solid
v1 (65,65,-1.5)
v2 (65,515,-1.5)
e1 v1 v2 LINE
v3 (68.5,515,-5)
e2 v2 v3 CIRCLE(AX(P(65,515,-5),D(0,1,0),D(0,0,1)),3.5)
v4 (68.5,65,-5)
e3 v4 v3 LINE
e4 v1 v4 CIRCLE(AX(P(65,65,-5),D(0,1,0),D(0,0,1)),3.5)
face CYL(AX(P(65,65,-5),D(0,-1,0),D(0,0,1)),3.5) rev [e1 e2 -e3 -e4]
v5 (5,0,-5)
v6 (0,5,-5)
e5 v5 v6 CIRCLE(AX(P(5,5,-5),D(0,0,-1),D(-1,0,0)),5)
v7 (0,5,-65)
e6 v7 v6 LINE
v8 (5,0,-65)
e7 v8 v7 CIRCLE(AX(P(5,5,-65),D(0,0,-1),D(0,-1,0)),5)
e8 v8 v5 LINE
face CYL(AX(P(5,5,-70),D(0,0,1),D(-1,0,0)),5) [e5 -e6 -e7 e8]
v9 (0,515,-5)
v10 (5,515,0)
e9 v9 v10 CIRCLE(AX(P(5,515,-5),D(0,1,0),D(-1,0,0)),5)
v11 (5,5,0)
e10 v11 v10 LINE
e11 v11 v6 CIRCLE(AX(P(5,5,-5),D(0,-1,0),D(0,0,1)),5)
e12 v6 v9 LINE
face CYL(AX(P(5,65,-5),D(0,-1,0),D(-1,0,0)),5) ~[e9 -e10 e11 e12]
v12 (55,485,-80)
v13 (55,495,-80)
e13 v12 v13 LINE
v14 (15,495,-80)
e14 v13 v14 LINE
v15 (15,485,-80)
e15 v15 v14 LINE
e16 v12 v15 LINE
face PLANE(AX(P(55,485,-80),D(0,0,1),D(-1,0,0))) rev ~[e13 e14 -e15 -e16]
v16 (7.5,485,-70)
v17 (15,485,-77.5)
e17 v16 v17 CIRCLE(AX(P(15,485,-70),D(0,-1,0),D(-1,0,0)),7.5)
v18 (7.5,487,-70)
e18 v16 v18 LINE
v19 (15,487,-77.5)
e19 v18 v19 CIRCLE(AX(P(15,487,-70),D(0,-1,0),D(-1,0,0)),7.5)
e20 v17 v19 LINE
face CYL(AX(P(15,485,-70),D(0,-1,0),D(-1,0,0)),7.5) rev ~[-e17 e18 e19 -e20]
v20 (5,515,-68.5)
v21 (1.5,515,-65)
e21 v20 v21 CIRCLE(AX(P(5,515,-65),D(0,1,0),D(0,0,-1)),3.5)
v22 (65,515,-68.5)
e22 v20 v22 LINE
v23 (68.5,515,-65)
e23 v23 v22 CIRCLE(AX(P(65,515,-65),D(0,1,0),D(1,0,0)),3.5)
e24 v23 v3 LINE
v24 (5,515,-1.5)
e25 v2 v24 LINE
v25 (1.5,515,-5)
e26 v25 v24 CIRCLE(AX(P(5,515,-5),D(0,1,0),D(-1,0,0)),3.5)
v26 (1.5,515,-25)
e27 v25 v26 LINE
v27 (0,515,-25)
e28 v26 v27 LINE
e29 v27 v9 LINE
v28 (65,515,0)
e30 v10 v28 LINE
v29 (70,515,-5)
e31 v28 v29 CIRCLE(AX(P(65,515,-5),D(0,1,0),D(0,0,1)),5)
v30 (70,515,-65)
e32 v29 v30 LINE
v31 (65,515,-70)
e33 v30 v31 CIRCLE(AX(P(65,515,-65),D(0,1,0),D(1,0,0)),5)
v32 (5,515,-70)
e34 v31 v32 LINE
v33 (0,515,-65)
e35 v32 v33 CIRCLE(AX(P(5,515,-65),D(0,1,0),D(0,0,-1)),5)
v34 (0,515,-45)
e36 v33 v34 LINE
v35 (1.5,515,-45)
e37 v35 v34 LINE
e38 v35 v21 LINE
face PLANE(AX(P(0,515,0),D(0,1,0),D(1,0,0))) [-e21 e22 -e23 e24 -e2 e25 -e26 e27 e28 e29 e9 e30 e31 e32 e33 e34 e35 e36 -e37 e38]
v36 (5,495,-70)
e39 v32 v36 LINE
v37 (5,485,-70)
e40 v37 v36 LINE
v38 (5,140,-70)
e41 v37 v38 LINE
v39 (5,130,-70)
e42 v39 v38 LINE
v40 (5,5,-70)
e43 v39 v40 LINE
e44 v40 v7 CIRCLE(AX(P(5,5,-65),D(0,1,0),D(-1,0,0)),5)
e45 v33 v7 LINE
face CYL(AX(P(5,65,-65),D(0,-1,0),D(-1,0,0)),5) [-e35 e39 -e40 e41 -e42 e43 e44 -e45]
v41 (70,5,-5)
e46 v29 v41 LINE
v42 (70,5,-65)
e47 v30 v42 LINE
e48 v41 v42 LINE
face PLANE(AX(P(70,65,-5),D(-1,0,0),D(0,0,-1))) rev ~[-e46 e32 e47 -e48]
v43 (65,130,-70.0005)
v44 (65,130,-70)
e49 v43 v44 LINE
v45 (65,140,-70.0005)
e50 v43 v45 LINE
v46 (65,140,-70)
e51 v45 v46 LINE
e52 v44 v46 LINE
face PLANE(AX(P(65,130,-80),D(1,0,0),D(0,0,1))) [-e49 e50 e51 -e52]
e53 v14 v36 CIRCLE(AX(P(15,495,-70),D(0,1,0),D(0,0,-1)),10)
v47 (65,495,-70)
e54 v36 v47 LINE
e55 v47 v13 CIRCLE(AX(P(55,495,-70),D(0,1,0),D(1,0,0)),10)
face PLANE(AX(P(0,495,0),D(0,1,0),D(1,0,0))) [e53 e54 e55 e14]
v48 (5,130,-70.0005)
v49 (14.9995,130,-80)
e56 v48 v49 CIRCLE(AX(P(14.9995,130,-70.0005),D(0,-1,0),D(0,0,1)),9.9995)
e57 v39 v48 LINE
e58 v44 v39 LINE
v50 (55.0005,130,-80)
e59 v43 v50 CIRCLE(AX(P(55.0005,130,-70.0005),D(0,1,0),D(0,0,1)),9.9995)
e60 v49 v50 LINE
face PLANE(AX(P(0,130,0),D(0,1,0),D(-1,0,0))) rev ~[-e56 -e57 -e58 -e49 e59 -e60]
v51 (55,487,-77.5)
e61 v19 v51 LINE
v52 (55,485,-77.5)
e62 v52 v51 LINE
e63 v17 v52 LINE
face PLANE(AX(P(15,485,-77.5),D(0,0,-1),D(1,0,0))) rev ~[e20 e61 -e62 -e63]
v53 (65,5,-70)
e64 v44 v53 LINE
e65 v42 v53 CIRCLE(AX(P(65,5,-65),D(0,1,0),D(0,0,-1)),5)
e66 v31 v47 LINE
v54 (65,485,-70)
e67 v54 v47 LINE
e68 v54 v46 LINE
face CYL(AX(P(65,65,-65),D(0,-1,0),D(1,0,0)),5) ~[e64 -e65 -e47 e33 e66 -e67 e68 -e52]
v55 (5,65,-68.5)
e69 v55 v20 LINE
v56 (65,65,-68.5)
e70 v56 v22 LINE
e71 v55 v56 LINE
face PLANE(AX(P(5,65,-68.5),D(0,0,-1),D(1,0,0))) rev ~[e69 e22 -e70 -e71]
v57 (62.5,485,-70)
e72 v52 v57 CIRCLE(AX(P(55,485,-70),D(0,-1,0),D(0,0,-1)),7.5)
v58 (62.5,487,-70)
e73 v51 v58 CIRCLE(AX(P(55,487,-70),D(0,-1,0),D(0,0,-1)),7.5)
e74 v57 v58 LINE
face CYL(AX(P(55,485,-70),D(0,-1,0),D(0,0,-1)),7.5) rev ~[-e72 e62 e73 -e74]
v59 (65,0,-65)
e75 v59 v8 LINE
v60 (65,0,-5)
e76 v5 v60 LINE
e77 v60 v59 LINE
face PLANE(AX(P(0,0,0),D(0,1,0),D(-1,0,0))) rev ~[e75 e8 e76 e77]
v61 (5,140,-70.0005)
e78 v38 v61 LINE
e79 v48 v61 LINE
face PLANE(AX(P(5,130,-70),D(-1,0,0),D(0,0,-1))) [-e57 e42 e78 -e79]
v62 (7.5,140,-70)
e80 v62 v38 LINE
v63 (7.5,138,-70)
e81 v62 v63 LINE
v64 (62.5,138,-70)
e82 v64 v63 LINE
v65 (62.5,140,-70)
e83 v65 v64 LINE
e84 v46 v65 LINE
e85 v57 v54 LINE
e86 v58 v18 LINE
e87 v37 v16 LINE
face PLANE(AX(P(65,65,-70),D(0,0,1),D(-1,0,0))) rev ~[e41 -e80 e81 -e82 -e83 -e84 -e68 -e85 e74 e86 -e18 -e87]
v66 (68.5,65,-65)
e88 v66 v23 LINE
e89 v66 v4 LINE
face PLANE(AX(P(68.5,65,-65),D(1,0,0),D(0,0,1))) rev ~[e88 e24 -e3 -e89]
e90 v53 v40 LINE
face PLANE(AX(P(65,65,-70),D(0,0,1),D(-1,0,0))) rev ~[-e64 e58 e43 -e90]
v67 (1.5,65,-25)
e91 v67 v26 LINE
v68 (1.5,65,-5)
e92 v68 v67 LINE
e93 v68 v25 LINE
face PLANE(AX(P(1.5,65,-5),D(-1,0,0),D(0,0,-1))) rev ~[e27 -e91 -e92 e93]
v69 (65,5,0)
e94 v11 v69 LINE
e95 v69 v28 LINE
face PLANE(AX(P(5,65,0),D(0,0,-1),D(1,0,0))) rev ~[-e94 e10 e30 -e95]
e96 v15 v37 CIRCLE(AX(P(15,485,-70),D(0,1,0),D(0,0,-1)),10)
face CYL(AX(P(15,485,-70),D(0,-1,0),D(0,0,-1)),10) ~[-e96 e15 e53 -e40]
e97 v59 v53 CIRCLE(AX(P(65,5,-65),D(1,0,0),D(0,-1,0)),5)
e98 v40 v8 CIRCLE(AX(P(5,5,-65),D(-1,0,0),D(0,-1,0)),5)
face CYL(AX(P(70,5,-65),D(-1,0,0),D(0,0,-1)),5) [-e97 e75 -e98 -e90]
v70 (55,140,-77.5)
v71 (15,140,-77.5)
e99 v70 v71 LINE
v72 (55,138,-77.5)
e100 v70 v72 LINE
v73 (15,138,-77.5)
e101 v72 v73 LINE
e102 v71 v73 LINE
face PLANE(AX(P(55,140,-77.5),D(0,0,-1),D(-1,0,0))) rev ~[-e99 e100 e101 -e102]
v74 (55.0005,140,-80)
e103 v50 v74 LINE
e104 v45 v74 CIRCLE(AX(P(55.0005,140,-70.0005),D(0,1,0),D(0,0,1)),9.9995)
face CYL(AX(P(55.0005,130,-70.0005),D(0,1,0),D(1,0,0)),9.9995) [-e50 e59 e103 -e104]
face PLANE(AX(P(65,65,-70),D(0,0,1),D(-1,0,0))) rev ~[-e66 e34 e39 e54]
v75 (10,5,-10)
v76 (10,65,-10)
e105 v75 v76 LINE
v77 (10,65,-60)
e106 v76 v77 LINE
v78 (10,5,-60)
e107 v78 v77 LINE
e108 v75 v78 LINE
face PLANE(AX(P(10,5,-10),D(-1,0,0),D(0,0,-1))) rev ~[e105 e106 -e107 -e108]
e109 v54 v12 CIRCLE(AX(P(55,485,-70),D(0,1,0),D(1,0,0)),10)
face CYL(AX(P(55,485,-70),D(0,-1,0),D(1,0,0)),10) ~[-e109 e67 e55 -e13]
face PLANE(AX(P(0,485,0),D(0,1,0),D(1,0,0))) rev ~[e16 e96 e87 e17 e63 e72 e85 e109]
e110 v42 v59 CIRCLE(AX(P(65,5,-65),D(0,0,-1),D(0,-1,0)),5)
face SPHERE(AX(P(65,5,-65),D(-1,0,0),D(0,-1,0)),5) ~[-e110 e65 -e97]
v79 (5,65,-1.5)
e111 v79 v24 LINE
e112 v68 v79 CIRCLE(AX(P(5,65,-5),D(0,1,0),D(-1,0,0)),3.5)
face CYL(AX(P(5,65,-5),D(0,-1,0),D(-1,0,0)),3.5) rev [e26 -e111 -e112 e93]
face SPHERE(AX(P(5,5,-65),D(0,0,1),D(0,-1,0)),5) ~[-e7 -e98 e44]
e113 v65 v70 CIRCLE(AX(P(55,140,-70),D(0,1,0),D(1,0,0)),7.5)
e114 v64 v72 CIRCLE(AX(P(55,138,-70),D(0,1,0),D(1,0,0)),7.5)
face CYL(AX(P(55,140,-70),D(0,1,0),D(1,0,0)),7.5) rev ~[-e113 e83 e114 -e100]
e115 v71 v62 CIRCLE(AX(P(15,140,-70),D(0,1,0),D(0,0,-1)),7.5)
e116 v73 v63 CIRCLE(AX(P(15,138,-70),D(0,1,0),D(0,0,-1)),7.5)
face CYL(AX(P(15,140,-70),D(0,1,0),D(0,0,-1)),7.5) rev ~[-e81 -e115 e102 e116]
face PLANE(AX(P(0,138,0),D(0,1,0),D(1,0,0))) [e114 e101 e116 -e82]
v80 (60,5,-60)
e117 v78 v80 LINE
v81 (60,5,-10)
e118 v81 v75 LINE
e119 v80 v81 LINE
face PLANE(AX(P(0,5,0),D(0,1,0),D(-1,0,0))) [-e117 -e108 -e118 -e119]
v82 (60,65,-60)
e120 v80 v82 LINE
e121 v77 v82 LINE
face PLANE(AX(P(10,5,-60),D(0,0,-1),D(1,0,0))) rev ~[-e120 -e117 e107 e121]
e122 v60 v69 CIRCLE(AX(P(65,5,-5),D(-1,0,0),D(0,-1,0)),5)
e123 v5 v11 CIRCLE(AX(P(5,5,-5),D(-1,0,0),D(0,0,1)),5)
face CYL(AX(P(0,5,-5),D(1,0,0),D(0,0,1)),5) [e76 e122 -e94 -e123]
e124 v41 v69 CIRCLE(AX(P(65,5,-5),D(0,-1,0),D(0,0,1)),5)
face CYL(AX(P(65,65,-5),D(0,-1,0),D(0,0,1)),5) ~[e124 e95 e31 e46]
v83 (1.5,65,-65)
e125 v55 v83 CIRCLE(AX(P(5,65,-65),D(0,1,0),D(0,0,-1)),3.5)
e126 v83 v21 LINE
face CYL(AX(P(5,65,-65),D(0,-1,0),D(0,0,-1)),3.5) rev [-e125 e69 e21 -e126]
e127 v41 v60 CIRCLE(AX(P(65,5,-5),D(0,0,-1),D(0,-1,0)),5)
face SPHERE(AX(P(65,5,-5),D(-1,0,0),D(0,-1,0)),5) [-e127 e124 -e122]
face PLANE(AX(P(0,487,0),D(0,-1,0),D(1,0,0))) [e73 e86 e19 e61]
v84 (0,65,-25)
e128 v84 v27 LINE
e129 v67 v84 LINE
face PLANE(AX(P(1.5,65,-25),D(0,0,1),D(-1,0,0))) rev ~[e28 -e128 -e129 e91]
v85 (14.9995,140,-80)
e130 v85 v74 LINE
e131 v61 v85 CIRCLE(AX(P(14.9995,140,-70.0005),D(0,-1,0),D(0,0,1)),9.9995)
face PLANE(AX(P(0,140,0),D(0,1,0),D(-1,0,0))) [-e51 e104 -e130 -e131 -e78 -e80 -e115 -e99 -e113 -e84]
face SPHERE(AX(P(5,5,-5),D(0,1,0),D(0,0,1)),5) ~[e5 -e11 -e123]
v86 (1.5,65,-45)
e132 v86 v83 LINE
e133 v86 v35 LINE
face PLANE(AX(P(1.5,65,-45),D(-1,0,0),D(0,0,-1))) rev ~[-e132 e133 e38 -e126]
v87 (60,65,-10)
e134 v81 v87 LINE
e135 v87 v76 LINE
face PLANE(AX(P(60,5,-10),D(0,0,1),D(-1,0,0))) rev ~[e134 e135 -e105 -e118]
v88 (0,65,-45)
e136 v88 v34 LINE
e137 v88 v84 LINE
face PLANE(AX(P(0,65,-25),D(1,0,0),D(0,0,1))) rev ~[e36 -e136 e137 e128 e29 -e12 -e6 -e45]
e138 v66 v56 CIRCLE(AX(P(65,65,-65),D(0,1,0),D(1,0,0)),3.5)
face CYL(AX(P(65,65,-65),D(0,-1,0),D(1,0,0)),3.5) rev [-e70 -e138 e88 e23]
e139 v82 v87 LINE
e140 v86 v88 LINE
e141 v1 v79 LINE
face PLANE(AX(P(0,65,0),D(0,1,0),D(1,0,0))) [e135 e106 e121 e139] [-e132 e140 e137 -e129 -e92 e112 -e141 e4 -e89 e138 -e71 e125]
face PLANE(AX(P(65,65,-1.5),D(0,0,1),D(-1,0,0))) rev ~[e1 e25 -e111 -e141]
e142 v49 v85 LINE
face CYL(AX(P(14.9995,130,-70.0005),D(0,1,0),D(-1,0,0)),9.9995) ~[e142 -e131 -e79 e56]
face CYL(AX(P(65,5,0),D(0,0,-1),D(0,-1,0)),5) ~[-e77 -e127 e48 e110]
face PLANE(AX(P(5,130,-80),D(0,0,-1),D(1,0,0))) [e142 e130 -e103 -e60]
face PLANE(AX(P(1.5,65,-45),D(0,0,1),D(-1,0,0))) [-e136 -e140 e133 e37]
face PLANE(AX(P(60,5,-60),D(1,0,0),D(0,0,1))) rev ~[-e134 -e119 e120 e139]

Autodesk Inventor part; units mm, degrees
ref_plane "YZ Plane" through (0, 0, 0) normal (1, 0, 0) x (0, 1, 0)
ref_plane "XY Plane" through (0, 0, 0) normal (0, 0, 1) x (1, 0, 0)
sketch "草图1" plane through (0, 0, 0) normal (0, 1, 0) x (-1, 0, 0)
  line L0 (0, 0) -> (-70, 0)
  line L1 (-70, 0) -> (-70, -70)
  line L2 (-70, -70) -> (0, -70)
  line L3 (0, -70) -> (0, 0)
  dimension "d0" = 70
  dimension "d1" = 70
extrude "拉伸1" add sketch "草图1" along normal blind 5
sketch "草图2" plane through (0, 5, 0) normal (0, 1, 0) x (1, 0, 0)
  line L0 (0, 70) -> (0, 0) projected
  line L1 (70, 70) -> (0, 70) projected
  line L2 (0, 0) -> (70, 0)
  line L3 (70, 0) -> (70, 70)
  line L4 (70, 70) -> (0, 70)
  line L5 (0, 70) -> (0, 0)
  line L6 (60, 60) -> (60, 10)
  line L7 (60, 10) -> (10, 10)
  line L8 (10, 10) -> (10, 60)
  line L9 (10, 60) -> (60, 60)
  dimension "d4" = 10
extrude "拉伸2" add sketch "草图2" along normal blind 60
fillet "圆角1" radius 5 8 edges at (0, 32.5, 0) (35, 0, 0) (0, 0, -35) (35, 0, -70) (70, 0, -35) (70, 32.5, -70) (70, 32.5, 0) (0, 32.5, -70)
sketch "草图3" plane through (0, 65, 0) normal (0, 1, 0) x (1, 0, 0)
  arc A0 (0, 5) -> (5, 0) centre (5, 5) ccw projected
  line L0 (5, 0) -> (65, 0) projected
  arc A1 (65, 0) -> (70, 5) centre (65, 5) ccw projected
  line L1 (70, 5) -> (70, 65) projected
  arc A2 (70, 65) -> (65, 70) centre (65, 65) ccw projected
  line L2 (65, 70) -> (5, 70) projected
  arc A3 (5, 70) -> (0, 65) centre (5, 65) ccw projected
  line L3 (0, 65) -> (0, 5) projected
  line L4 (60, 60) -> (60, 10) projected
  line L5 (60, 10) -> (10, 10) projected
  line L6 (10, 10) -> (10, 60) projected
  line L7 (10, 60) -> (60, 60) projected
  line L8 (68.5, 65) -> (68.5, 5)
  arc A4 (65, 1.5) -> (68.5, 5) centre (65, 5) ccw
  line L9 (65, 1.5) -> (5, 1.5)
  arc A5 (1.5, 5) -> (5, 1.5) centre (5, 5) ccw
  line L10 (1.5, 5) -> (1.5, 65)
  arc A6 (5, 68.5) -> (1.5, 65) centre (5, 65) ccw
  line L11 (5, 68.5) -> (65, 68.5)
  arc A7 (68.5, 65) -> (65, 68.5) centre (65, 65) ccw
  line L12 (1.5, 45) -> (0, 45)
  line L13 (0, 65) -> (0, 5) projected
  line L14 (1.5, 25) -> (0, 25)
  point P0 (0, 0)
  dimension "d8" = 1.5
  dimension "d9" = 25
  dimension "d10" = 25
extrude "拉伸3" add sketch "草图3" along normal blind 450 contours L3 L14 L10 A5 L9 A4 L8 A7 L11 A6 L12 A3 L2 A2 L1 A1 L0 A0
ref_plane "工作平面1" through (0, 130, 0) normal (0, 1, 0) x (-1, 0, 0)
sketch "草图5" plane through (0, 130, 0) normal (0, 1, 0) x (-1, 0, 0)
  arc A0 (-70, -65) -> (-65, -70) centre (-65, -65) ccw projected
  line L0 (-65, -70) -> (-5, -70)
  line L1 (-5, -70) -> (-5, -80)
  line L2 (-5, -80) -> (-65, -80)
  line L3 (-65, -80) -> (-65, -70)
  point P0 (0, 0)
  dimension "d18" = 10
extrude "拉伸4" add sketch "草图5" along normal blind 10
fillet "圆角2" radius 10 2 edges at (65, 135, -80) (5, 135, -80)
sketch "草图6" plane through (0, 140, 0) normal (0, 1, 0) x (1, 0, 0)
  point P0 (0, 0)
sketch "草图7" plane through (0, 140, 0) normal (0, 1, 0) x (1, 0, 0)
  arc A0 (65, 70) -> (55, 80) centre (55, 70) ccw projected
  line L0 (55, 80) -> (15, 80) projected
  arc A1 (15, 80) -> (5, 70) centre (15, 70) ccw projected
  arc A2 (62.5, 70) -> (55, 77.5) centre (55, 70) ccw
  line L1 (55, 77.5) -> (15, 77.5)
  arc A3 (15, 77.5) -> (7.5, 70) centre (15, 70) ccw
  line L2 (62.5, 70) -> (7.5, 70)
  line L3 (60, 10) -> (60, 60) projected
  point P0 (0, 0)
  dimension "d22" = 2.5
extrude "拉伸5" cut sketch "草图7" against normal blind 2
ref_plane "工作平面2" through (0, 485, 0) normal (0, 1, 0) x (1, 0, 0)
sketch "草图8" plane through (0, 485, 0) normal (0, 1, 0) x (1, 0, 0)
  arc A0 (15, 80) -> (5, 70) centre (15, 70) ccw projected
  line L0 (55, 80) -> (15, 80) projected
  arc A1 (65, 70) -> (55, 80) centre (55, 70) ccw projected
  line L1 (5, 70) -> (65, 70) projected
  point P0 (0, 0)
extrude "拉伸6" add sketch "草图8" along normal blind 10
sketch "草图9" plane through (0, 485, 0) normal (0, -1, 0) x (1, 0, 0)
  line L0 (15, -77.5) -> (55, -77.5) projected
  arc A0 (7.5, -70) -> (15, -77.5) centre (15, -70) ccw projected
  line L1 (62.5, -70) -> (7.5, -70) projected
  arc A1 (55, -77.5) -> (62.5, -70) centre (55, -70) ccw projected
  point P0 (0, 0)
extrude "拉伸7" cut sketch "草图9" against normal blind 2
properties part number "龙门架柱1"
